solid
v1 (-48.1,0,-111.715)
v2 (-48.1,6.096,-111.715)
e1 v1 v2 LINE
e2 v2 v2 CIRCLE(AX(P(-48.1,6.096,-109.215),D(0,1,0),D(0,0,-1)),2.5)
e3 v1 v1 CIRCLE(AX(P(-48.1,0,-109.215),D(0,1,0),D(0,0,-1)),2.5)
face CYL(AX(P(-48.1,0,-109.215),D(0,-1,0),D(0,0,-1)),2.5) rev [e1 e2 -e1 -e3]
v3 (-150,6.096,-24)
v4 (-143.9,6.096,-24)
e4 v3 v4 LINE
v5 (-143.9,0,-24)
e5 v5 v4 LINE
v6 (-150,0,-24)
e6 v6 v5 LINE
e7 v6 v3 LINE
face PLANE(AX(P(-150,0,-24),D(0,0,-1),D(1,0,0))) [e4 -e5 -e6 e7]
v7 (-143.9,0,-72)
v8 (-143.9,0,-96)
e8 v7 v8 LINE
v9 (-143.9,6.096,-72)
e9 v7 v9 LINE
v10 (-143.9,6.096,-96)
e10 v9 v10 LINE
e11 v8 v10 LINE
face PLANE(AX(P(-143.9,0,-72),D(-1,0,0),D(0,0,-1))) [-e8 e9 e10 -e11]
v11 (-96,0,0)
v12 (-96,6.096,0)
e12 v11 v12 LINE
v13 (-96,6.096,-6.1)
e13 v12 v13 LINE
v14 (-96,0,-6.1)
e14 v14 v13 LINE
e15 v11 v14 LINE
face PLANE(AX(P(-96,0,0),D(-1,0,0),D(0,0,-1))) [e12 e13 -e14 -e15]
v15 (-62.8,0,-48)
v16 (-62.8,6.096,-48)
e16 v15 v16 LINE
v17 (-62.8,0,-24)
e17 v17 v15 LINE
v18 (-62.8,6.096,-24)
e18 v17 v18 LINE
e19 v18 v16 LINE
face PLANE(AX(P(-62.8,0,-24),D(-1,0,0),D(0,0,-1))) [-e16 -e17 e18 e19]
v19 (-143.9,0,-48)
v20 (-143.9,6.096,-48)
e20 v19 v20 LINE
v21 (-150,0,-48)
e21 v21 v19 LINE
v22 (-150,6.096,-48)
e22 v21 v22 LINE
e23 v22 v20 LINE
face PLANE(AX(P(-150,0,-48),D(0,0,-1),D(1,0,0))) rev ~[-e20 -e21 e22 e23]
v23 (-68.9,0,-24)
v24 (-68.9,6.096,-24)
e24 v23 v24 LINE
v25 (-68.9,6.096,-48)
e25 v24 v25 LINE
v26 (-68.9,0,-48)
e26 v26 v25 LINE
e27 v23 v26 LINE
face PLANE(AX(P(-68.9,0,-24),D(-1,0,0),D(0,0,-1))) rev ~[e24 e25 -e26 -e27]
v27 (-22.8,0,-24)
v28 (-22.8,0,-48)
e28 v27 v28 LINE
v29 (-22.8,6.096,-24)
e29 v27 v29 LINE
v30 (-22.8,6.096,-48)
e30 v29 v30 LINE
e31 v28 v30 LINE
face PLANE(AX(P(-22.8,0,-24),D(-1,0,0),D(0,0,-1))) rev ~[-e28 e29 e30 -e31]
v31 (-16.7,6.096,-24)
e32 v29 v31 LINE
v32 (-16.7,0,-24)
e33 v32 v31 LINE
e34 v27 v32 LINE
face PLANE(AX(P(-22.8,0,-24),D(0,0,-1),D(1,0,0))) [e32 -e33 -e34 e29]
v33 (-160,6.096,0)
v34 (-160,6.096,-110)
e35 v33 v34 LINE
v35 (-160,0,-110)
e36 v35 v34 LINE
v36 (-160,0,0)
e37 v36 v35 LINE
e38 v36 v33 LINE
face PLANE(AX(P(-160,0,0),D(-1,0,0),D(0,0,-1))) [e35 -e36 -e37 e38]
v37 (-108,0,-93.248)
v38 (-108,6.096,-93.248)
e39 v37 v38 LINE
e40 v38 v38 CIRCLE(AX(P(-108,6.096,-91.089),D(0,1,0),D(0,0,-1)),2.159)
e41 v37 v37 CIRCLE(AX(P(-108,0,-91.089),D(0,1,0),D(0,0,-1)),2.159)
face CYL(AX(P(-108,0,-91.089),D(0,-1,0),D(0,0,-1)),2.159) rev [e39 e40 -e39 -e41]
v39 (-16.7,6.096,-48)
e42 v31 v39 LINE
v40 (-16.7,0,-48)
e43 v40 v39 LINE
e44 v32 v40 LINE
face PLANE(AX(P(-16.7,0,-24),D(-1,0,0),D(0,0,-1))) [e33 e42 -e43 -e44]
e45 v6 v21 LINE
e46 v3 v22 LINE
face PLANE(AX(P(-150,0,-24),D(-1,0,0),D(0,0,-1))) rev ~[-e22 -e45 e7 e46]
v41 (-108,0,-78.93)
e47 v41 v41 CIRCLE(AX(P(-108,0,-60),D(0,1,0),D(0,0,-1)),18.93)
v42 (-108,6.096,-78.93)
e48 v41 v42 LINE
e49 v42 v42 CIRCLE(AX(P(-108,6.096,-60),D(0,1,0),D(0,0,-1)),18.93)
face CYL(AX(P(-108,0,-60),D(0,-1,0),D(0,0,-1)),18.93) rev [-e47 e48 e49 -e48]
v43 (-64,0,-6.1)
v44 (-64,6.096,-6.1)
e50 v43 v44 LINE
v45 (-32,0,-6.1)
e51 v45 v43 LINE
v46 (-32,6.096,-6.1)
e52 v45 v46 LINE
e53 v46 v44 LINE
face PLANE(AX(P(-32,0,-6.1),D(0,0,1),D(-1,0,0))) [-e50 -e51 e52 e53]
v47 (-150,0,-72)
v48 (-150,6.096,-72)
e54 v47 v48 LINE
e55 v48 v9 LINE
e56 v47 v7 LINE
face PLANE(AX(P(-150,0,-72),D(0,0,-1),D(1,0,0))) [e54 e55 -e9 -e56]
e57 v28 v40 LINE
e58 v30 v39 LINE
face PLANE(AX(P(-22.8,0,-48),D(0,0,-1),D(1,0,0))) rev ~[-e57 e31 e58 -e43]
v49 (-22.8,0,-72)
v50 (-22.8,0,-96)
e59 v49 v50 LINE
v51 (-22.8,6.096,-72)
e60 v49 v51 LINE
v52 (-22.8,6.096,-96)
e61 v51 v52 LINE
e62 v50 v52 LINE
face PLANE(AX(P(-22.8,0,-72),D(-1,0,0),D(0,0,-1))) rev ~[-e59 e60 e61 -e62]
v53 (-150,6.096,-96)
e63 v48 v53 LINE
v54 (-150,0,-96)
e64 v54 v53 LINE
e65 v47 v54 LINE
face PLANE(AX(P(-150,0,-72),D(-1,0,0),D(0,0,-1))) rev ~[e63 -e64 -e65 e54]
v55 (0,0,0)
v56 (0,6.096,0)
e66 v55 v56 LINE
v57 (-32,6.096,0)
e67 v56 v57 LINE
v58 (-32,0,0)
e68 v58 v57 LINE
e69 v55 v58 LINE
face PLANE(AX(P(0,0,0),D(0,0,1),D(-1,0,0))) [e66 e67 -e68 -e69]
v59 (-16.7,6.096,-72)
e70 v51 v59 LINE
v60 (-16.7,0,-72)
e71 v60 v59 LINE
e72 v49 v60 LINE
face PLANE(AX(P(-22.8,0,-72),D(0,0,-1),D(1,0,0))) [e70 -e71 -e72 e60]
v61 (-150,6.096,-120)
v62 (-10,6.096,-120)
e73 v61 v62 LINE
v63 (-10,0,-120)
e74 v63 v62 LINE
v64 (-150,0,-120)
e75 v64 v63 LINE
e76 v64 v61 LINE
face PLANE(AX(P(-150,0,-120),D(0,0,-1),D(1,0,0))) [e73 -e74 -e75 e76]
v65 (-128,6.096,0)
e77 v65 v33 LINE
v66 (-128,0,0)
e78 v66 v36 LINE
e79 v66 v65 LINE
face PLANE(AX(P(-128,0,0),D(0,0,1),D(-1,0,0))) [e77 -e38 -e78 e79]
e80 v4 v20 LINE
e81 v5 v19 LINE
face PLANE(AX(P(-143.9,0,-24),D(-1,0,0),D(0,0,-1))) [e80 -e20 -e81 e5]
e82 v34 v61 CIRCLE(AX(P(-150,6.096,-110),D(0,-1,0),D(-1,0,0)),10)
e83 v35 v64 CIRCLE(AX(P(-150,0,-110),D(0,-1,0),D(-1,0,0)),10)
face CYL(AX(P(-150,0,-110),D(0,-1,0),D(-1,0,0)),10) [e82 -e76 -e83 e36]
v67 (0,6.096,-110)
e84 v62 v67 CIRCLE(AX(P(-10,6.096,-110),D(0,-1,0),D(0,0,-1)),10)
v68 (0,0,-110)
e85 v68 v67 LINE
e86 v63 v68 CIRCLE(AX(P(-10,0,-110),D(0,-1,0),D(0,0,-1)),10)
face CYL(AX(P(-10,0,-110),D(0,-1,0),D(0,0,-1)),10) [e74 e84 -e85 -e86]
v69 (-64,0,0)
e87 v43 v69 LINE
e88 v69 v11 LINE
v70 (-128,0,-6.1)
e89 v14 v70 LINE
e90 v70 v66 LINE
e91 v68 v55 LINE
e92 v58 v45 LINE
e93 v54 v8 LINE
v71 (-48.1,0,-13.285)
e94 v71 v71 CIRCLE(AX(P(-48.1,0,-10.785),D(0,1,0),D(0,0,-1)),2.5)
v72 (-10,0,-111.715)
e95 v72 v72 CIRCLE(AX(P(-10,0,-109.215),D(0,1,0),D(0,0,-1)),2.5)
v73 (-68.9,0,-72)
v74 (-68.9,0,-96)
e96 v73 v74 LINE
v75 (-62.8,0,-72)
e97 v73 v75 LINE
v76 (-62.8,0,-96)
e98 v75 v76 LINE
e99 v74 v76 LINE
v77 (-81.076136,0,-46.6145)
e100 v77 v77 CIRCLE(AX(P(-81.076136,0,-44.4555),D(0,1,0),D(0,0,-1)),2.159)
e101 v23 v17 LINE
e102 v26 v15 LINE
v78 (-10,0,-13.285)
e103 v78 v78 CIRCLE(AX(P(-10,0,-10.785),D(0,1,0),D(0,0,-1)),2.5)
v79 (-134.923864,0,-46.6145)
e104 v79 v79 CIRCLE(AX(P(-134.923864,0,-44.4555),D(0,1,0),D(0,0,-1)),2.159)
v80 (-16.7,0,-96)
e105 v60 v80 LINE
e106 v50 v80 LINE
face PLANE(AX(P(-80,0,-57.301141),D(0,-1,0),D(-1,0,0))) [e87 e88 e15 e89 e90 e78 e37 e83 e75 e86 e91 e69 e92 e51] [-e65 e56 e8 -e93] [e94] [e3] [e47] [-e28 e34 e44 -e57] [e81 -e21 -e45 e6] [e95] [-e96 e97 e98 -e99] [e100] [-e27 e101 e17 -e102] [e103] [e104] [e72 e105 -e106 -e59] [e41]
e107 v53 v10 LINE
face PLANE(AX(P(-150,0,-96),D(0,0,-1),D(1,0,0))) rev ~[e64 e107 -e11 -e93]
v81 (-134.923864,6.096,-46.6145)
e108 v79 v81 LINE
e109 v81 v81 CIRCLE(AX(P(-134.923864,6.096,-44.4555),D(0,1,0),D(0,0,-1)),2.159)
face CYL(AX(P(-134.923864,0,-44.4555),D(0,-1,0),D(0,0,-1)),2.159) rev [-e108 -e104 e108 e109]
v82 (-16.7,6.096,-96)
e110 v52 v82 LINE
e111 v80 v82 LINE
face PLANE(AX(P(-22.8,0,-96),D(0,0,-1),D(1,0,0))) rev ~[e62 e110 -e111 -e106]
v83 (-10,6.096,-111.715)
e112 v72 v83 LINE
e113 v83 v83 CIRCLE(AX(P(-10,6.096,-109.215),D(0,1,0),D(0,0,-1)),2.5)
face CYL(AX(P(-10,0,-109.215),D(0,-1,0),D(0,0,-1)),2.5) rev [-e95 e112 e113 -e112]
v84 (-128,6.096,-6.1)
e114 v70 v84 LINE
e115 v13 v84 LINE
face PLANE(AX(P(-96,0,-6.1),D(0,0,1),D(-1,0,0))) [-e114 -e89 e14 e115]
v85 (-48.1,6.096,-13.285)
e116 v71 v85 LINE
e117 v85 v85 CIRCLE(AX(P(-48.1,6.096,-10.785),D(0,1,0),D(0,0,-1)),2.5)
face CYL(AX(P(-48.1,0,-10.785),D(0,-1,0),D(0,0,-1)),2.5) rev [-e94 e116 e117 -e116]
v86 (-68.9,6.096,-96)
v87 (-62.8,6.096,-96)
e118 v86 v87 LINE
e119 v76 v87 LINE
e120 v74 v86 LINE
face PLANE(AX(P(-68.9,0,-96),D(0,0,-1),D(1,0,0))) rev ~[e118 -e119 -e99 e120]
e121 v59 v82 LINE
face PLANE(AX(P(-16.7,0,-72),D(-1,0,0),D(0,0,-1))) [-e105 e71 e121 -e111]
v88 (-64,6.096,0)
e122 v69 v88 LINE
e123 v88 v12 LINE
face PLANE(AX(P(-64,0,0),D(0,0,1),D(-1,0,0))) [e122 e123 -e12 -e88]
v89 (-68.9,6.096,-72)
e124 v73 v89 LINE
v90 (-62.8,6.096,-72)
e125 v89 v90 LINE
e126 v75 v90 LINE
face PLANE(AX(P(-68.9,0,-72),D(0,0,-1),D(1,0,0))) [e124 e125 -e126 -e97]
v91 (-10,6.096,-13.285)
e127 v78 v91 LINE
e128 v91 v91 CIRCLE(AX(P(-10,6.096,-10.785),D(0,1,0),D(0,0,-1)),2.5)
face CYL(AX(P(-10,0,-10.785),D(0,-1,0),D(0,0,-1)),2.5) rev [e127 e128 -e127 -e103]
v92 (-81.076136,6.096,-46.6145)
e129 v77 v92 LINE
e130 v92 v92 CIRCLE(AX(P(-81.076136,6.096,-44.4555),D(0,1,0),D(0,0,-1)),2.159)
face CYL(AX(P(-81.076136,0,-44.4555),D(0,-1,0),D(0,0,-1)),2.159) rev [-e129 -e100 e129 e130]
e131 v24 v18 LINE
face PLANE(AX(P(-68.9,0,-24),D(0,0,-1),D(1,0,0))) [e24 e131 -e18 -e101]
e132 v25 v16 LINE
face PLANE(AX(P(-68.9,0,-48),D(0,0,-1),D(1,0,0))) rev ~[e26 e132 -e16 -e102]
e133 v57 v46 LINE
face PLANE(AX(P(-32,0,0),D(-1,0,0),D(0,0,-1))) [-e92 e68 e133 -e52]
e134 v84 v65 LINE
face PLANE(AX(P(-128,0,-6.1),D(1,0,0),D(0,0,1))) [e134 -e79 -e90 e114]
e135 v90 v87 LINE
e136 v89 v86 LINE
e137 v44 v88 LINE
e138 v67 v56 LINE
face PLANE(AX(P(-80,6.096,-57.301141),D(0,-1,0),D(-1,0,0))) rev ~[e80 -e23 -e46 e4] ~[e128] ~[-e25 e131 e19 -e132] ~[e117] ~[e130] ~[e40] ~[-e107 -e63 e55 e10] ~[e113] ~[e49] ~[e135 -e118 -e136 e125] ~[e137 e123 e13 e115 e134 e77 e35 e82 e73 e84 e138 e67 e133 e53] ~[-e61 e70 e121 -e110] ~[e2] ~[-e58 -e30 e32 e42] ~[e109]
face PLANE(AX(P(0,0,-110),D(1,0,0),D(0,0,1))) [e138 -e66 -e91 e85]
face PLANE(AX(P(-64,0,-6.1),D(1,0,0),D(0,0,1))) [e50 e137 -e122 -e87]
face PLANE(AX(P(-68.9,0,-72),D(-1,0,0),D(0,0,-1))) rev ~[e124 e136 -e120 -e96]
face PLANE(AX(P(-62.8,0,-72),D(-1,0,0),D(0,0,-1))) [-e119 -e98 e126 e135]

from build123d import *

# Parameters (mm, degrees)
SKETCH1_R           = 18.93
SKETCH1_R_2         = 2.159
SKETCH1_R_3         = 2.5
SKETCH1_W           = 6.1
SKETCH1_H           = 24
BOSS_EXTRUDE1_DEPTH = 6.096


with BuildPart() as part:
    # Sketch1 → Boss-Extrude1 (new body)
    with BuildSketch(Plane(origin=(0, 0, 0), x_dir=(1, 0, 0), z_dir=(0, 1, 0))):
        with BuildLine():
            Line((-150, 120), (-10, 120))
            ThreePointArc((-10, 120), (-2.928932188, 117.071067812), (0, 110))
            Line((0, 110), (0, 0))
            Line((0, 0), (-32, 0))
            Line((-32, 0), (-32, 6.1))
            Line((-32, 6.1), (-64, 6.1))
            Line((-64, 6.1), (-64, 0))
            Line((-64, 0), (-96, 0))
            Line((-96, 0), (-96, 6.1))
            Line((-96, 6.1), (-128, 6.1))
            Line((-128, 6.1), (-128, 0))
            Line((-128, 0), (-160, 0))
            Line((-160, 0), (-160, 110))
            ThreePointArc((-160, 110), (-157.071067812, 117.071067812), (-150, 120))
        make_face()
        with Locations(Location((-108, 60, 0), (0, 0, 90))):
            Circle(SKETCH1_R, mode=Mode.SUBTRACT)
        with Locations(Location((-108, 91.089, 0), (0, 0, 90))):
            Circle(SKETCH1_R_2, mode=Mode.SUBTRACT)
        with Locations(Location((-81.076136222, 44.4555, 0), (0, 0, 90))):
            Circle(SKETCH1_R_2, mode=Mode.SUBTRACT)
        with Locations(Location((-134.923863778, 44.4555, 0), (0, 0, 90))):
            Circle(SKETCH1_R_2, mode=Mode.SUBTRACT)
        with Locations(Location((-48.1, 109.215, 0), (0, 0, 90))):
            Circle(SKETCH1_R_3, mode=Mode.SUBTRACT)
        with Locations(Location((-48.1, 10.785, 0), (0, 0, 90))):
            Circle(SKETCH1_R_3, mode=Mode.SUBTRACT)
        with Locations(Location((-10, 10.785, 0), (0, 0, 90))):
            Circle(SKETCH1_R_3, mode=Mode.SUBTRACT)
        with Locations(Location((-10, 109.215, 0), (0, 0, 90))):
            Circle(SKETCH1_R_3, mode=Mode.SUBTRACT)
        with Locations((-146.95, 84)):
            Rectangle(SKETCH1_W, SKETCH1_H, mode=Mode.SUBTRACT)
        with Locations((-146.95, 36)):
            Rectangle(SKETCH1_W, SKETCH1_H, mode=Mode.SUBTRACT)
        with Locations((-65.85, 84)):
            Rectangle(SKETCH1_W, SKETCH1_H, mode=Mode.SUBTRACT)
        with Locations((-65.85, 36)):
            Rectangle(SKETCH1_W, SKETCH1_H, mode=Mode.SUBTRACT)
        with Locations((-19.75, 36)):
            Rectangle(SKETCH1_W, SKETCH1_H, mode=Mode.SUBTRACT)
        with Locations((-19.75, 84)):
            Rectangle(SKETCH1_W, SKETCH1_H, mode=Mode.SUBTRACT)
    extrude(amount=BOSS_EXTRUDE1_DEPTH)


solid = part.part
